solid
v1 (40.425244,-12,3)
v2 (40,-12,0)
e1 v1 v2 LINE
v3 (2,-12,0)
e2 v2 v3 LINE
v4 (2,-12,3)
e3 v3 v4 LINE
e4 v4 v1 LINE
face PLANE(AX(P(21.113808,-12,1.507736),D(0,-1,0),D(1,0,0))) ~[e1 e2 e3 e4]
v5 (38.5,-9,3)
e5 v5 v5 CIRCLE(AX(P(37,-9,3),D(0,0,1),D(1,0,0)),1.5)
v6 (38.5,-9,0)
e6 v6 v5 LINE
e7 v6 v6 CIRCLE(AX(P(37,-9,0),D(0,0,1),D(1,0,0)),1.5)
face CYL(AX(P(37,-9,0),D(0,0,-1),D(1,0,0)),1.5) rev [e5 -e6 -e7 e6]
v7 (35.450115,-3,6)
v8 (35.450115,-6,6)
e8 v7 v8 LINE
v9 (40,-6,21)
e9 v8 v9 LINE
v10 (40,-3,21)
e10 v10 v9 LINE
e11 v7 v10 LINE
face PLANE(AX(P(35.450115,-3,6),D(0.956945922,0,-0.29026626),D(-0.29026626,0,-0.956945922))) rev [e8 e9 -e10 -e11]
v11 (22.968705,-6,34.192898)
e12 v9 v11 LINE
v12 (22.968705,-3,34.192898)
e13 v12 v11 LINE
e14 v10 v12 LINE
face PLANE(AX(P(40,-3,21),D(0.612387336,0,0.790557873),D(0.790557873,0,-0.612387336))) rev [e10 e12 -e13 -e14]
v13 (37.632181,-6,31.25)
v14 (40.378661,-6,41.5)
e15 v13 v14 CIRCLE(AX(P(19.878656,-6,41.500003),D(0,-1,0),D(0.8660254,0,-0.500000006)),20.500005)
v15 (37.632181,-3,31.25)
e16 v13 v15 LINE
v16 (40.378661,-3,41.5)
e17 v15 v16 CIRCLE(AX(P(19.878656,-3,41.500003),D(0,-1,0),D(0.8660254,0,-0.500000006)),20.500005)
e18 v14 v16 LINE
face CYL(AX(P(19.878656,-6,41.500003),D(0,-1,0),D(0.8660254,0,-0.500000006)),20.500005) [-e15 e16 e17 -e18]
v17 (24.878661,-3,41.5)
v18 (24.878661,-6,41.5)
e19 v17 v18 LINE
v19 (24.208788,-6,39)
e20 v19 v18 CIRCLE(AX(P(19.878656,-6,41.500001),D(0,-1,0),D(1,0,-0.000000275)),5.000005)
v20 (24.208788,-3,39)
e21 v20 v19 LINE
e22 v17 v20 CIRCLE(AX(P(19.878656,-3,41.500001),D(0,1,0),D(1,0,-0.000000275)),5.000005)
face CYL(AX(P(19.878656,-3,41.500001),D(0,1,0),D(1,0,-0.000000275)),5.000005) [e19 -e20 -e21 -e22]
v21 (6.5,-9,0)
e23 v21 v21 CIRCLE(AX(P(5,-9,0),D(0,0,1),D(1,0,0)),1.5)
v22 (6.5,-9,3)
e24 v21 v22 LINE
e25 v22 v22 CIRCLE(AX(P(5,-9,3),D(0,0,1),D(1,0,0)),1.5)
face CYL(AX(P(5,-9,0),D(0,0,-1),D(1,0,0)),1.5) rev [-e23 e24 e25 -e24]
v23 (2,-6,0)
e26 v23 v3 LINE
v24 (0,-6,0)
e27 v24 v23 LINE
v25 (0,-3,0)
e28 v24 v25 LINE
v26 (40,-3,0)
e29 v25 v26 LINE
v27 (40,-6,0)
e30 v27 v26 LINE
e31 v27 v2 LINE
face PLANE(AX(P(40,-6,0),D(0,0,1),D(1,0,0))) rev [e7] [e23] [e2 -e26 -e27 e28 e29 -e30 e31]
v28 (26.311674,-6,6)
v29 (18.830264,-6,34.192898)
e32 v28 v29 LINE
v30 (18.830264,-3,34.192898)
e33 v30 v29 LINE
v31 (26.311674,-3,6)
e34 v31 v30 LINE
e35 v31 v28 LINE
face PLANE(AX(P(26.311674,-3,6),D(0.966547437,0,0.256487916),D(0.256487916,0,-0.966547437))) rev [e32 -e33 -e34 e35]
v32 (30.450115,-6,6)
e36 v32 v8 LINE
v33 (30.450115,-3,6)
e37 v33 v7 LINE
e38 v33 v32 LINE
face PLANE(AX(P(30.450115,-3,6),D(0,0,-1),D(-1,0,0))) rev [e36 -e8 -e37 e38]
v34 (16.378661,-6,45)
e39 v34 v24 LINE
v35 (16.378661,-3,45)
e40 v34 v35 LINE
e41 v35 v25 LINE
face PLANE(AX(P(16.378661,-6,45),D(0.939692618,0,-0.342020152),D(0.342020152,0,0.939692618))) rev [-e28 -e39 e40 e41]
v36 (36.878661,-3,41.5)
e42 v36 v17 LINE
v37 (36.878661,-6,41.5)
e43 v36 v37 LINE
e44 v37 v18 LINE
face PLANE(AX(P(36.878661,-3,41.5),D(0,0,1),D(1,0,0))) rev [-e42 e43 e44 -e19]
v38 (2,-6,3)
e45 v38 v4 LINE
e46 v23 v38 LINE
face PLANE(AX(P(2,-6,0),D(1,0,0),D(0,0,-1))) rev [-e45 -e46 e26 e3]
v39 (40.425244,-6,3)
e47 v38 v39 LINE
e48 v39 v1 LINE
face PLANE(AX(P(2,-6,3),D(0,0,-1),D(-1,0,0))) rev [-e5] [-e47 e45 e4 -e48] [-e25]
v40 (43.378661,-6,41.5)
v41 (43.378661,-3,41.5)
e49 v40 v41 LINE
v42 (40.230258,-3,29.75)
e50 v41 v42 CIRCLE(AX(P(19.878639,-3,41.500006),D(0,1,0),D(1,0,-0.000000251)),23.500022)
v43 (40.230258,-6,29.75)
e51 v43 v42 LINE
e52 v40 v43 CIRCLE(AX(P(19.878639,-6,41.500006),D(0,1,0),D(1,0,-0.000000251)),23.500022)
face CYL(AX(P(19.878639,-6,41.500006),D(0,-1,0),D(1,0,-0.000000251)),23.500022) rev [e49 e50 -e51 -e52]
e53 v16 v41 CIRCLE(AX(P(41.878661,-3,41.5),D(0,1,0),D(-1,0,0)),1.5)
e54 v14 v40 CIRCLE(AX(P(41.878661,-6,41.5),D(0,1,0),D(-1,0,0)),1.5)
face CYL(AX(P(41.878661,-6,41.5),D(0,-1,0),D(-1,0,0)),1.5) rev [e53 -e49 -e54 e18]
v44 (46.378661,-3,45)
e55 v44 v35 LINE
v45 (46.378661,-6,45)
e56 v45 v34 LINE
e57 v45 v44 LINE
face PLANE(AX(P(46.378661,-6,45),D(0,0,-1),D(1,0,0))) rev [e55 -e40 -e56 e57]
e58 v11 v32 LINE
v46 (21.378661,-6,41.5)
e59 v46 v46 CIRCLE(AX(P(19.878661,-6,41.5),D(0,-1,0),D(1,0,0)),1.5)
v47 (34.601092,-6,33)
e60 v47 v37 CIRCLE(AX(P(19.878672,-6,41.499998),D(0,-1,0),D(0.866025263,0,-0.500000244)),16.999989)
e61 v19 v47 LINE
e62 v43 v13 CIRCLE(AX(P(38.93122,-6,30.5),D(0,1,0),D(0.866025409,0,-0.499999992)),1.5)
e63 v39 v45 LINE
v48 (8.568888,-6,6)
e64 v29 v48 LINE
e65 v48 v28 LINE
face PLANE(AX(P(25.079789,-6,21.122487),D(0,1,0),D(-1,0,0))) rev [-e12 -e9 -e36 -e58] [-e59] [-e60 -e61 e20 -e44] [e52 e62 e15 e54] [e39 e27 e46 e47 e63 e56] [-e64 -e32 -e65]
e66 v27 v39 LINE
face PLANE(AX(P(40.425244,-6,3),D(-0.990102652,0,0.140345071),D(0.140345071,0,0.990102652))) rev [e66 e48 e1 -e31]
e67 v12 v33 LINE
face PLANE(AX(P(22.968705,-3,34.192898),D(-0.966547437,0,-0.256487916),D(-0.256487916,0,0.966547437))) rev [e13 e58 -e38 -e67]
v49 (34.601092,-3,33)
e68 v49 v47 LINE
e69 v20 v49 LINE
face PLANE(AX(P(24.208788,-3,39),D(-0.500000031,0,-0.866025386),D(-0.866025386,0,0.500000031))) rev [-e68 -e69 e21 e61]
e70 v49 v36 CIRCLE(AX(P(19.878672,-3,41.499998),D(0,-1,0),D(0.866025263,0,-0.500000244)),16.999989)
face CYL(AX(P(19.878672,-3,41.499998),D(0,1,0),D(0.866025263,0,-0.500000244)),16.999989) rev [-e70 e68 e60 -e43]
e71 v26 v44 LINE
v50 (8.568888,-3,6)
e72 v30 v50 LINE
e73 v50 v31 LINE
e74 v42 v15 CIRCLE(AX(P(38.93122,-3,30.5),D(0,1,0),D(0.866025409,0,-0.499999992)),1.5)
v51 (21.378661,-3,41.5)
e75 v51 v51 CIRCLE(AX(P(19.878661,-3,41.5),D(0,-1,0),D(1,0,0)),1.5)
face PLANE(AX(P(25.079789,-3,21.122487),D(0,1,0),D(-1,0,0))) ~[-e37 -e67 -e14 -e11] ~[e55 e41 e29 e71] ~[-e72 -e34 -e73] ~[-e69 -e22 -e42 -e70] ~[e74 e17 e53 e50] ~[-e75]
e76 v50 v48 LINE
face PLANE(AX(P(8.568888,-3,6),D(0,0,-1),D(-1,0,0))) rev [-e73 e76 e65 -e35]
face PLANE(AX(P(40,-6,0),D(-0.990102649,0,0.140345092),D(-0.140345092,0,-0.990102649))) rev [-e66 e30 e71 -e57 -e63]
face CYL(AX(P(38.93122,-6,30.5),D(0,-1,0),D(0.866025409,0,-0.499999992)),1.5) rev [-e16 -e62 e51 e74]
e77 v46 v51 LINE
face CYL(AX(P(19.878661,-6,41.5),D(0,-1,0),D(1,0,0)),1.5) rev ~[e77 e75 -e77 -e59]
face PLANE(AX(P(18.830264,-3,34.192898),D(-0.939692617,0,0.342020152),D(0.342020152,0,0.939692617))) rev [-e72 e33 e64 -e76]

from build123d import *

# Parameters (mm, degrees)
F0_R     = 1.5
F1_DEPTH = 3
F3_DEPTH = 6
F4_R     = 1.5
F5_DEPTH = 25
F7_DEPTH = 25


with BuildPart() as f1:
    # F0 (on Front) → F1 (new body)
    with BuildSketch(Plane.XZ):
        Polygon((16.378661, 45), (0, 0), (40, 0), (46.378661, 45), align=None)
        with Locations((19.878661, 41.5)):
            Circle(F0_R, mode=Mode.SUBTRACT)
        with BuildLine():
            ThreePointArc((43.378661, 41.5), (42.577917, 35.417752), (40.230258, 29.75))
            ThreePointArc((40.230258, 29.75), (38.181219, 29.200962), (37.632181, 31.25))
            ThreePointArc((37.632181, 31.25), (39.68014, 36.19421), (40.378661, 41.5))
            ThreePointArc((40.378661, 41.5), (41.878661, 43), (43.378661, 41.5))
        make_face(mode=Mode.SUBTRACT)
    extrude(amount=F1_DEPTH)

    # F2 (on face) → F3 (join)
    with BuildSketch(Plane(origin=(0, 0, 0), x_dir=(-1, 0, 0), z_dir=(0, 1, 0))):
        Polygon((-40.425244, 3), (-40, 0), (-2, 0), (-2, 3), align=None)
    extrude(amount=F3_DEPTH)

    # F4 (on face) → F5 (cut)
    with BuildSketch(Plane(origin=(0, 0, 0), x_dir=(1, 0, 0), z_dir=(0, 0, -1))):
        with Locations((37, -3)):
            Circle(F4_R)
        with Locations((5, -3)):
            Circle(F4_R)
    extrude(amount=-F5_DEPTH, mode=Mode.SUBTRACT)

    # F6 (on face) → F7 (cut)
    with BuildSketch(Plane.XZ.offset(3)):
        Polygon((18.830264, 34.192898), (8.568888, 6), (26.311674, 6), align=None)
        Polygon((40, 21), (22.968705, 34.192898), (30.450115, 6), (35.450115, 6), align=None)
        with BuildLine():
            ThreePointArc((24.878661, 41.5), (24.70829, 40.205905), (24.208788, 39))
            Line((24.208788, 39), (34.601092, 33))
            ThreePointArc((34.601092, 33), (36.2994, 37.100076), (36.878661, 41.5))
            Line((36.878661, 41.5), (24.878661, 41.5))
        make_face()
    extrude(amount=-F7_DEPTH, mode=Mode.SUBTRACT)


with BuildPart() as f8_1:
    # F8: instance of F1
    add(f1.part.mirror(Plane(origin=(24.806781, -3, 21.611158), x_dir=(1, 0, 0), z_dir=(0, -1, 0))))


solid = f8_1.part
